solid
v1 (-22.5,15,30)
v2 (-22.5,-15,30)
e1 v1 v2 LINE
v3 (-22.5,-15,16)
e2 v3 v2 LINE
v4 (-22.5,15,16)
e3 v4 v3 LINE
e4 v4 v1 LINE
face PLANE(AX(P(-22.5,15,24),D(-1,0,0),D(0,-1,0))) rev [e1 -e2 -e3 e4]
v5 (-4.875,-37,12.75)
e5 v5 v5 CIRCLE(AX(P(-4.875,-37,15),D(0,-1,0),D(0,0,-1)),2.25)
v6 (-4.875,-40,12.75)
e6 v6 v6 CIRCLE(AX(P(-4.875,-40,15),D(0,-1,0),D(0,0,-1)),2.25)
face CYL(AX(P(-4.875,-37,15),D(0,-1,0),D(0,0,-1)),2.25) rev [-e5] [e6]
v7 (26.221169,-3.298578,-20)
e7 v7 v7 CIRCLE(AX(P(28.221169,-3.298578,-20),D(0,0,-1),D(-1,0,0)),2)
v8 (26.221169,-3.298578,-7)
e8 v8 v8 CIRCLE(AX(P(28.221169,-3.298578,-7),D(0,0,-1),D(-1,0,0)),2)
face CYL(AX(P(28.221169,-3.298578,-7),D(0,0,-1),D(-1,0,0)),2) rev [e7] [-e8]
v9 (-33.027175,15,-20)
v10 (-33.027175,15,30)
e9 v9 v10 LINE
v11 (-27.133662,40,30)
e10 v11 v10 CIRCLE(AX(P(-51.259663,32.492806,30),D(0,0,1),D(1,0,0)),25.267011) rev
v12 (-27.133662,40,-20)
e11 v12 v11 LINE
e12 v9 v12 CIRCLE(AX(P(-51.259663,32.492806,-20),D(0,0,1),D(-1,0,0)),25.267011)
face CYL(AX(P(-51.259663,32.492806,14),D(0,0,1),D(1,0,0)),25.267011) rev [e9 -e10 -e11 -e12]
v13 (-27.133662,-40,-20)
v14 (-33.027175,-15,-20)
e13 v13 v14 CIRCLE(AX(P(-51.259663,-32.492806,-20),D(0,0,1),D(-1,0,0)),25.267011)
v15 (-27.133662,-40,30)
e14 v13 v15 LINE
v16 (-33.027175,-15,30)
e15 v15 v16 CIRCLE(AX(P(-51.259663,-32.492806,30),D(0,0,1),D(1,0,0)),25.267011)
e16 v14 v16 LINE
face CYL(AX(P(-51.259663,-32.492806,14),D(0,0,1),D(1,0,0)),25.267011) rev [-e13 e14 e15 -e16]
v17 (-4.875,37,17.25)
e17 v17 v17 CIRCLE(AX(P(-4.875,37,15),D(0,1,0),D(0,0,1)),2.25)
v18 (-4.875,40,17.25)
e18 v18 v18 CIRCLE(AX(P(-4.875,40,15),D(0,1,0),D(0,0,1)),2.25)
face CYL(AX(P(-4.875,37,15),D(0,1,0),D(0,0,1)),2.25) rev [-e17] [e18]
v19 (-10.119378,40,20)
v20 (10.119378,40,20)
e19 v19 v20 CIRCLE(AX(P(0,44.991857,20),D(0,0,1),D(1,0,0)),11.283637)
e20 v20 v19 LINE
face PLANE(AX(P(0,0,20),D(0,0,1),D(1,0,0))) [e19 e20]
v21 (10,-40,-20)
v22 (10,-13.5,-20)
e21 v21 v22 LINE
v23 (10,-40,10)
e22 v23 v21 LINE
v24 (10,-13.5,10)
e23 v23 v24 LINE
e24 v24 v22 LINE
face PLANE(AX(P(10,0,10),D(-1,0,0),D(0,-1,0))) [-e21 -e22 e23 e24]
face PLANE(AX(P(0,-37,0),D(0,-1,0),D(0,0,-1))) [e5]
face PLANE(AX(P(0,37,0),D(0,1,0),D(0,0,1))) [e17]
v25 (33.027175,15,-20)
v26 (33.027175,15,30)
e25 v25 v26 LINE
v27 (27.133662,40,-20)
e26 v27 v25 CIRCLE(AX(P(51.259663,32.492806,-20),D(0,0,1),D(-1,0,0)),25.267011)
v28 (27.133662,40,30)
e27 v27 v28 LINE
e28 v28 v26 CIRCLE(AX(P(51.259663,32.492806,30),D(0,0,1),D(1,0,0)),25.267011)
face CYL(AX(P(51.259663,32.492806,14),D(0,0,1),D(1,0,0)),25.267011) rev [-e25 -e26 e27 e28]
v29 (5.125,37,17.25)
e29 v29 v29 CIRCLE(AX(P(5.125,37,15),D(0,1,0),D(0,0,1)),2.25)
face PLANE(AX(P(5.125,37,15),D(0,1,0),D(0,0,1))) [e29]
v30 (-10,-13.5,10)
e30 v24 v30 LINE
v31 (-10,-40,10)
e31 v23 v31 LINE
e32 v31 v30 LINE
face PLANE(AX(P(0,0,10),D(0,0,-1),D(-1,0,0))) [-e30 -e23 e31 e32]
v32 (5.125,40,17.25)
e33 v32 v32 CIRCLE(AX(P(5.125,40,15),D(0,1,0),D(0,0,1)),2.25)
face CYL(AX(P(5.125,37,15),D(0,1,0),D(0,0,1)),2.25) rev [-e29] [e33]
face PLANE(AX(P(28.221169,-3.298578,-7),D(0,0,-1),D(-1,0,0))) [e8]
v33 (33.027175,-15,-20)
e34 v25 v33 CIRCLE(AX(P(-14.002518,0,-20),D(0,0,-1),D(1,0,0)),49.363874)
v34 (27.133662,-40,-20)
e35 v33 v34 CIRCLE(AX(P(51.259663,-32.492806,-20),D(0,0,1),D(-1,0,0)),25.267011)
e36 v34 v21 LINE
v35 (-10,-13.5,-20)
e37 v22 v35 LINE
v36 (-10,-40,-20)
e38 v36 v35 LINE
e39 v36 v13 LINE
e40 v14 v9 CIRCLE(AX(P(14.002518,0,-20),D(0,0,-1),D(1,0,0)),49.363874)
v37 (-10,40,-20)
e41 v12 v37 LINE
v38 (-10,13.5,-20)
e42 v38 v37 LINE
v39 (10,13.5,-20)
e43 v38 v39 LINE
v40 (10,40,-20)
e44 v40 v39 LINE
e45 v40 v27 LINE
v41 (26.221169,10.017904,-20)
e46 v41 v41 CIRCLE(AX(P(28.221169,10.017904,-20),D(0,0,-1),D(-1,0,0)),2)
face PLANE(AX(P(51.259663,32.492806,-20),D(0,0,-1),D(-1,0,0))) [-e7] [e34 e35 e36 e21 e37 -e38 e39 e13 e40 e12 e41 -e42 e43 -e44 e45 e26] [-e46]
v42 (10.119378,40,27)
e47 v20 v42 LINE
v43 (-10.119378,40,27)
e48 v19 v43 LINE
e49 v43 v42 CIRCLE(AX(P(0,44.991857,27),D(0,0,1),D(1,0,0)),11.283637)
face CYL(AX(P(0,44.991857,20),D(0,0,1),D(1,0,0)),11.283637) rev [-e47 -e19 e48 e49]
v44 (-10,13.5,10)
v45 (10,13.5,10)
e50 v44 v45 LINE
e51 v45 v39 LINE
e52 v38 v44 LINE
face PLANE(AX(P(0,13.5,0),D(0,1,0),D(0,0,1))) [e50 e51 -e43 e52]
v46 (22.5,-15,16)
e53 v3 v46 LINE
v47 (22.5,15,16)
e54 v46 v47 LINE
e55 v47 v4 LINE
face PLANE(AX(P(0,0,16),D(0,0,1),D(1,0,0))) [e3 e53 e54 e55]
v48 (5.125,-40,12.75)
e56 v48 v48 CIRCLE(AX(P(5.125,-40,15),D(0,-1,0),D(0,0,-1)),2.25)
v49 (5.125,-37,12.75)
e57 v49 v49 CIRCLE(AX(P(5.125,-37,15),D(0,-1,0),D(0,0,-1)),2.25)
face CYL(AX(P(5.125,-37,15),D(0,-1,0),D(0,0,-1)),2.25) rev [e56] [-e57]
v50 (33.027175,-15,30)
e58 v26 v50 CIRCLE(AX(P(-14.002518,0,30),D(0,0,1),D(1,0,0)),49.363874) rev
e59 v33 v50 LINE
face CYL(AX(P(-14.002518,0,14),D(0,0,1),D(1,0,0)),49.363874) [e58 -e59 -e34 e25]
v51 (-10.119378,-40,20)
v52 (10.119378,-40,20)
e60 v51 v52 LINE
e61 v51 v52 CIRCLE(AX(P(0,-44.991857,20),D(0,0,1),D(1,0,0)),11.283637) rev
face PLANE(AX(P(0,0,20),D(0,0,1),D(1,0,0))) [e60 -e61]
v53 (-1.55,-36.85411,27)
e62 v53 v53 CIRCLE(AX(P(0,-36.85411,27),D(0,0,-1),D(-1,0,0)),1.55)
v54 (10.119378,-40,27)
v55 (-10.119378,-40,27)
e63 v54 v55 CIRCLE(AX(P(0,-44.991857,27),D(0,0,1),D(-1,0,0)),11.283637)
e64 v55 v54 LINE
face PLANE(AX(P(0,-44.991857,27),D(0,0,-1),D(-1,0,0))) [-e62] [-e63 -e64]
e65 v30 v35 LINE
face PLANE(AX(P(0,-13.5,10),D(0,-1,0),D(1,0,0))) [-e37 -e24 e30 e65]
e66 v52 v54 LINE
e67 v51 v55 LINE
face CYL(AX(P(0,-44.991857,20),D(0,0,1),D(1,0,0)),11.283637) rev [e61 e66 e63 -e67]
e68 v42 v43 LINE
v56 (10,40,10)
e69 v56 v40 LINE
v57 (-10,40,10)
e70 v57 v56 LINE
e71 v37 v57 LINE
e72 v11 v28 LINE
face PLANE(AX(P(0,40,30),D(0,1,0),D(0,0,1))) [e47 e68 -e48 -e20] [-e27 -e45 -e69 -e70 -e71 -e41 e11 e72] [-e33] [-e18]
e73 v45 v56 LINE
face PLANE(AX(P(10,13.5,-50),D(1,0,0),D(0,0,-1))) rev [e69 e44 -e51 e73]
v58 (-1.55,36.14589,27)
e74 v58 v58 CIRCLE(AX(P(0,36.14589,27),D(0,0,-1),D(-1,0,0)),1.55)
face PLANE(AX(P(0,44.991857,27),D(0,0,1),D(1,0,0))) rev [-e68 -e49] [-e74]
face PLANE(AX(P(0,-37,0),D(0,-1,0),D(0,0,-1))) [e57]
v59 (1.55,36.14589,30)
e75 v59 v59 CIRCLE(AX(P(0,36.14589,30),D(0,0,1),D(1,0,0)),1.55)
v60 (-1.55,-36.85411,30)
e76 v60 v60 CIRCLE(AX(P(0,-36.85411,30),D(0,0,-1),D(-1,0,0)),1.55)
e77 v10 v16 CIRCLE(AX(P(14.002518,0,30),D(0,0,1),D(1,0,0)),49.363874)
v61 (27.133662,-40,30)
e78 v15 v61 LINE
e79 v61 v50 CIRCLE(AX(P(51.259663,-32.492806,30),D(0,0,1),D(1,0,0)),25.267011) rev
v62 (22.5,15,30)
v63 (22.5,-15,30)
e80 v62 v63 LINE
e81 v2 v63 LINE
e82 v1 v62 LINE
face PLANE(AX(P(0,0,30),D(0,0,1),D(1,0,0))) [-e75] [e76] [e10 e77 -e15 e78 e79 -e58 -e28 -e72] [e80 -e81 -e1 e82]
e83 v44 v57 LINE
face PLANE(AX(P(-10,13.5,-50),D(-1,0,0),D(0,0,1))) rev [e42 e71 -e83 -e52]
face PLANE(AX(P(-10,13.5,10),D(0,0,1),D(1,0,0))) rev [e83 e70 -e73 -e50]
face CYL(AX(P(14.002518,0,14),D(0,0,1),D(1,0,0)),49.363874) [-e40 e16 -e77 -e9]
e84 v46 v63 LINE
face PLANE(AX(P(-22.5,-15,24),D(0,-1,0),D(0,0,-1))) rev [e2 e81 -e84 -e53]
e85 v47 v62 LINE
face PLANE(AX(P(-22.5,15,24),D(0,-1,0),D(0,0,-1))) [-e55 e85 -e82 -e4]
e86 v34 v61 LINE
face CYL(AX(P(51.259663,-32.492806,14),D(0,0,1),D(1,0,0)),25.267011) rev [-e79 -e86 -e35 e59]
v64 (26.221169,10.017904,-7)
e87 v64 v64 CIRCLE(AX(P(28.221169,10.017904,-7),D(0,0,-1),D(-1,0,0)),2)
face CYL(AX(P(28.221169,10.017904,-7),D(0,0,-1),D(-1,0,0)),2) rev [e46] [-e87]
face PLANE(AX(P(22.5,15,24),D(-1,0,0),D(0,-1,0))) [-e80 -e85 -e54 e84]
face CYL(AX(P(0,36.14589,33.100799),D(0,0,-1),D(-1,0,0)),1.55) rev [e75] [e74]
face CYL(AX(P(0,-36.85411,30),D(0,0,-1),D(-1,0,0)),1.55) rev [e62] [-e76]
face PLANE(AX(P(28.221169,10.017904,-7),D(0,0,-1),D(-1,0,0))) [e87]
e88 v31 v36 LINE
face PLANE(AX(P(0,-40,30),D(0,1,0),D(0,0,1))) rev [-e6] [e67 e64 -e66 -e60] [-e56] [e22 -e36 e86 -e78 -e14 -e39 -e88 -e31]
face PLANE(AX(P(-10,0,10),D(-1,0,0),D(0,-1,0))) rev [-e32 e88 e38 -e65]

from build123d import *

# Parameters (mm, degrees)
SKETCH_1_W                = 65
SKETCH_1_H                = 25
SKETCH_1_W_2              = 17.5
SKETCH_1_H_2              = 30
EXTRUDE_1_DEPTH           = 30
SKETCH_2_W                = 37.5
SKETCH_2_H                = 30
EXTRUDE_2_DEPTH           = 10
CUT_EXTRUDE_2_DEPTH       = 10
SKETCH_4_W                = 45
SKETCH_4_H                = 30
CUT_EXTRUDE_3_DEPTH       = 6
CUT_EXTRUDE_13_DEPTH      = 16
EXTRUDE_3_DEPTH           = 3
CUT_EXTRUDE_14_DEPTH      = 3
SKETCH_8_R                = 1.55
CUT_EXTRUDE_16_DEPTH      = 6.100799321
CUT_EXTRUDE_17_DEPTH      = 70
EXTRUDE_4_DEPTH           = 20
SKETCH_19_W               = 20
SKETCH_19_H               = 60
CUT_EXTRUDE_25_DEPTH      = 26.5
SKETCH_21_R               = 2.25
CUT_EXTRUDE_27_DEPTH      = 3
SKETCH_22_R               = 2.25
CUT_EXTRUDE_28_DEPTH      = 3
SKETCH_23_W               = 20
SKETCH_23_H               = 26.5
CUT_EXTRUDE_29_DEPTH      = 30
CUT_EXTRUDE_START         = -3
SKETCH_24_R               = 2.25
CUT_EXTRUDE_30_DEPTH      = 3
SKETCH_25_R               = 2
EXTRUDE_5_DEPTH           = 6
SKETCH_26_W               = 45
SKETCH_26_H               = 30
CUT_EXTRUDE_31_DEPTH      = 8
CUT_EXTRUDE_33_DEPTH      = 13
CUT_EXTRUDE_33_DEPTH_BACK = 13
SKETCH_27_R               = 2


with BuildPart() as part:
    # 草图1 → 凸台-拉伸1 (new body)
    with BuildSketch(Plane.XY):
        with Locations((0, 27.5)):
            Rectangle(SKETCH_1_W, SKETCH_1_H)
        with BuildLine():
            ThreePointArc((-41.25, 40), (-40.44733047, 25.687815665), (-50, 15))
            Line((-50, 15), (-32.5, 15))
            Line((-32.5, 15), (-32.5, 40))
            Line((-32.5, 40), (-41.25, 40))
        make_face()
        with BuildLine():
            Line((32.5, 40), (32.5, 15))
            Line((32.5, 15), (50, 15))
            ThreePointArc((50, 15), (40.44733047, 25.687815665), (41.25, 40))
            Line((41.25, 40), (32.5, 40))
        make_face()
        with Locations((41.25, 0)):
            Rectangle(SKETCH_1_W_2, SKETCH_1_H_2)
        Rectangle(SKETCH_1_W, SKETCH_1_H_2)
        with Locations((-41.25, 0)):
            Rectangle(SKETCH_1_W_2, SKETCH_1_H_2)
        with BuildLine():
            ThreePointArc((-50, -15), (-40.44733047, -25.687815665), (-41.25, -40))
            Line((-41.25, -40), (-32.5, -40))
            Line((-32.5, -40), (-32.5, -15))
            Line((-32.5, -15), (-50, -15))
        make_face()
        with Locations((0, -27.5)):
            Rectangle(SKETCH_1_W, SKETCH_1_H)
        with BuildLine():
            Line((32.5, -15), (32.5, -40))
            Line((32.5, -40), (41.25, -40))
            ThreePointArc((41.25, -40), (40.44733047, -25.687815665), (50, -15))
            Line((50, -15), (32.5, -15))
        make_face()
    extrude(amount=EXTRUDE_1_DEPTH)

    # 草图2 → 凸台-拉伸2 (add)
    with BuildSketch(Plane.XY.offset(30)):
        with Locations((68.75, 0)):
            Rectangle(SKETCH_2_W, SKETCH_2_H)
        with BuildLine():
            ThreePointArc((31.362634986, 83.717731106), (24.230066028, 60.16346689), (10.119378388, 40))
            Line((10.119378388, 40), (41.25, 40))
            Line((41.25, 40), (56.546841385, 71.480257998))
            Line((56.546841385, 71.480257998), (31.362634986, 83.717731106))
        make_face()
        with BuildLine():
            Line((-56.546841385, 71.480257998), (-41.25, 40))
            Line((-41.25, 40), (-10.119378388, 40))
            ThreePointArc((-10.119378388, 40), (-24.230066028, 60.16346689), (-31.362634986, 83.717731106))
            Line((-31.362634986, 83.717731106), (-56.546841385, 71.480257998))
        make_face()
        with Locations((-68.75, 0)):
            Rectangle(SKETCH_2_W, SKETCH_2_H)
        with BuildLine():
            ThreePointArc((-31.362634986, -83.717731106), (-24.230066028, -60.16346689), (-10.119378388, -40))
            Line((-10.119378388, -40), (-41.25, -40))
            Line((-41.25, -40), (-56.546841385, -71.480257998))
            Line((-56.546841385, -71.480257998), (-31.362634986, -83.717731106))
        make_face()
        with BuildLine():
            Line((41.25, -40), (10.119378388, -40))
            ThreePointArc((10.119378388, -40), (24.230066028, -60.16346689), (31.362634986, -83.717731106))
            Line((31.362634986, -83.717731106), (56.546841385, -71.480257998))
            Line((56.546841385, -71.480257998), (41.25, -40))
        make_face()
    extrude(amount=-EXTRUDE_2_DEPTH)

    # 草图3 → 切除-拉伸2 (cut)
    with BuildSketch(Plane.XY.offset(30)):
        with BuildLine():
            ThreePointArc((-30.119378388, 40), (-30.215276688, 27.042312386), (-35, 15))
            Line((-35, 15), (-50, 15))
            ThreePointArc((-50, 15), (-40.44733047, 25.687815665), (-41.25, 40))
            Line((-41.25, 40), (-56.546841385, 71.480257998))
            Line((-56.546841385, 71.480257998), (-31.362634986, 83.717731106))
            ThreePointArc((-31.362634986, 83.717731106), (-24.230066028, 60.16346689), (-10.119378388, 40))
            Line((-10.119378388, 40), (-30.119378388, 40))
        make_face()
        with BuildLine():
            Line((10.119378388, 40), (30.119378388, 40))
            ThreePointArc((30.119378388, 40), (30.215276688, 27.042312386), (35, 15))
            Line((35, 15), (50, 15))
            ThreePointArc((50, 15), (40.44733047, 25.687815665), (41.25, 40))
            Line((41.25, 40), (56.546841385, 71.480257998))
            Line((56.546841385, 71.480257998), (31.362634986, 83.717731106))
            ThreePointArc((31.362634986, 83.717731106), (24.230066028, 60.16346689), (10.119378388, 40))
        make_face()
        with BuildLine():
            Line((50, 15), (35, 15))
            ThreePointArc((35, 15), (38.436125858, 0), (35, -15))
            ThreePointArc((35, -15), (30.215276688, -27.042312386), (30.119378388, -40))
            Line((30.119378388, -40), (10.119378388, -40))
            ThreePointArc((10.119378388, -40), (24.230066028, -60.16346689), (31.362634986, -83.717731106))
            Line((31.362634986, -83.717731106), (56.546841385, -71.480257998))
            Line((56.546841385, -71.480257998), (41.25, -40))
            ThreePointArc((41.25, -40), (40.44733047, -25.687815665), (50, -15))
            Line((50, -15), (87.5, -15))
            Line((87.5, -15), (87.5, 15))
            Line((87.5, 15), (50, 15))
        make_face()
        with BuildLine():
            ThreePointArc((-35, 15), (-38.436125858, 0), (-35, -15))
            ThreePointArc((-35, -15), (-30.215276688, -27.042312386), (-30.119378388, -40))
            Line((-30.119378388, -40), (-10.119378388, -40))
            ThreePointArc((-10.119378388, -40), (-24.230066028, -60.16346689), (-31.362634986, -83.717731106))
            Line((-31.362634986, -83.717731106), (-56.546841385, -71.480257998))
            Line((-56.546841385, -71.480257998), (-41.25, -40))
            ThreePointArc((-41.25, -40), (-40.44733047, -25.687815665), (-50, -15))
            Line((-50, -15), (-87.5, -15))
            Line((-87.5, -15), (-87.5, 15))
            Line((-87.5, 15), (-50, 15))
            Line((-50, 15), (-35, 15))
        make_face()
        with BuildLine():
            ThreePointArc((-10.119378388, 40), (0, 33.708220629), (10.119378388, 40))
            Line((10.119378388, 40), (-10.119378388, 40))
        make_face()
        with BuildLine():
            ThreePointArc((-10.119378388, -40), (0, -33.708220629), (10.119378388, -40))
            Line((10.119378388, -40), (-10.119378388, -40))
        make_face()
    extrude(amount=-CUT_EXTRUDE_2_DEPTH, mode=Mode.SUBTRACT)

    # 草图4 → 切除-拉伸3 (cut)
    with BuildSketch(Plane.XY.offset(30)):
        Rectangle(SKETCH_4_W, SKETCH_4_H)
    extrude(amount=-CUT_EXTRUDE_3_DEPTH, mode=Mode.SUBTRACT)

    # 草图5 → 切除-拉伸13 (cut)
    with BuildSketch(Plane.XY.offset(30)):
        with BuildLine():
            ThreePointArc((-30.119378388, 40), (-30.215276688, 27.042312386), (-35, 15))
            ThreePointArc((-35, 15), (-38.436125858, 0), (-35, -15))
            ThreePointArc((-35, -15), (-30.215276688, -27.042312386), (-30.119378388, -40))
            Line((-30.119378388, -40), (-27.133662439, -40))
            ThreePointArc((-27.133662439, -40), (-26.666769997, -26.695264692), (-33.027175168, -15))
            ThreePointArc((-33.027175168, -15), (-35.361355844, 0), (-33.027175168, 15))
            ThreePointArc((-33.027175168, 15), (-26.666769997, 26.695264692), (-27.133662439, 40))
            Line((-27.133662439, 40), (-30.119378388, 40))
        make_face()
        with BuildLine():
            Line((30.119378388, 40), (27.133662439, 40))
            ThreePointArc((27.133662439, 40), (26.666769997, 26.695264692), (33.027175168, 15))
            ThreePointArc((33.027175168, 15), (35.361355844, 0), (33.027175168, -15))
            ThreePointArc((33.027175168, -15), (26.666769997, -26.695264692), (27.133662439, -40))
            Line((27.133662439, -40), (30.119378388, -40))
            ThreePointArc((30.119378388, -40), (30.215276688, -27.042312386), (35, -15))
            ThreePointArc((35, -15), (38.436125858, 0), (35, 15))
            ThreePointArc((35, 15), (30.215276688, 27.042312386), (30.119378388, 40))
        make_face()
    extrude(amount=-CUT_EXTRUDE_13_DEPTH, mode=Mode.SUBTRACT)

    # 草图6 → 凸台-拉伸3 (add)
    with BuildSketch(Plane.XY.offset(30)):
        with BuildLine():
            Line((-10.119378388, 40), (10.119378388, 40))
            ThreePointArc((10.119378388, 40), (0, 33.708220629), (-10.119378388, 40))
        make_face()
        with BuildLine():
            Line((-10.119378388, -40), (10.119378388, -40))
            ThreePointArc((10.119378388, -40), (0, -33.708220629), (-10.119378388, -40))
        make_face()
    extrude(amount=-EXTRUDE_3_DEPTH)

    # 草图7 → 切除-拉伸14 (cut)
    with BuildSketch(Plane(origin=(0, 0, 27), x_dir=(-1, 0, 0), z_dir=(0, 0, -1))):
        with BuildLine():
            ThreePointArc((0, -35.304110315), (-1.55, -36.854110315), (0, -38.404110315))
            Line((0, -38.404110315), (0, -36.854110315))
            Line((0, -36.854110315), (0, -35.304110315))
        make_face()
        with BuildLine():
            Line((0, -36.854110315), (0, -38.404110315))
            ThreePointArc((0, -38.404110315), (1.096015511, -37.950125825), (1.55, -36.854110315))
            ThreePointArc((1.55, -36.854110315), (1.096015511, -35.758094804), (0, -35.304110315))
            Line((0, -35.304110315), (0, -36.854110315))
        make_face()
    extrude(amount=-CUT_EXTRUDE_14_DEPTH, mode=Mode.SUBTRACT)

    # 草图8 → 切除-拉伸16 (cut)
    with BuildSketch(Plane(origin=(0, 0, 27), x_dir=(-1, 0, 0), z_dir=(0, 0, -1))):
        with Locations((0, 36.145889685)):
            Circle(SKETCH_8_R)
    extrude(amount=-CUT_EXTRUDE_16_DEPTH, mode=Mode.SUBTRACT)

    # 草图10 → 切除-拉伸17 (cut)
    with BuildSketch(Plane.XY.offset(30)):
        Polygon((-155.646447014, 80.863193175), (70.83129327, 55.935441896), (148.654516777, 0), (148.654516777, -24.319757346), (1.823981801, -88.159120379), (-119.470807962, -24.319757346), align=None)
        with BuildLine():
            Line((-27.133662439, 40), (27.133662439, 40))
            ThreePointArc((27.133662439, 40), (26.666769997, 26.695264692), (33.027175168, 15))
            ThreePointArc((33.027175168, 15), (35.361355844, 0), (33.027175168, -15))
            ThreePointArc((33.027175168, -15), (26.666769997, -26.695264692), (27.133662439, -40))
            Line((27.133662439, -40), (-27.133662439, -40))
            ThreePointArc((-27.133662439, -40), (-26.666769997, -26.695264692), (-33.027175168, -15))
            ThreePointArc((-33.027175168, -15), (-35.361355844, 0), (-33.027175168, 15))
            ThreePointArc((-33.027175168, 15), (-26.666769997, 26.695264692), (-27.133662439, 40))
        make_face(mode=Mode.SUBTRACT)
    extrude(amount=-CUT_EXTRUDE_17_DEPTH, mode=Mode.SUBTRACT)

    # 草图11 → 凸台-拉伸4 (add)
    with BuildSketch(Plane(origin=(0, 0, 0), x_dir=(-1, 0, 0), z_dir=(0, 0, -1))):
        with BuildLine():
            Line((-27.133662439, 40), (27.133662439, 40))
            ThreePointArc((27.133662439, 40), (26.666769997, 26.695264692), (33.027175168, 15))
            ThreePointArc((33.027175168, 15), (35.361355844, 0), (33.027175168, -15))
            ThreePointArc((33.027175168, -15), (26.666769997, -26.695264692), (27.133662439, -40))
            Line((27.133662439, -40), (-27.133662439, -40))
            ThreePointArc((-27.133662439, -40), (-26.666769997, -26.695264692), (-33.027175168, -15))
            ThreePointArc((-33.027175168, -15), (-35.361355844, 0), (-33.027175168, 15))
            ThreePointArc((-33.027175168, 15), (-26.666769997, 26.695264692), (-27.133662439, 40))
        make_face()
    extrude(amount=EXTRUDE_4_DEPTH)

    # 草图19 → 切除-拉伸25 (cut)
    with BuildSketch(Plane(origin=(0, 40, 0), x_dir=(1, 0, 0), z_dir=(0, 1, 0))):
        with Locations((0, 20)):
            Rectangle(SKETCH_19_W, SKETCH_19_H)
    extrude(amount=-CUT_EXTRUDE_25_DEPTH, mode=Mode.SUBTRACT)

    # 草图21 → 切除-拉伸27 (cut)
    with BuildSketch(Plane(origin=(0, 40, 0), x_dir=(1, 0, 0), z_dir=(0, 1, 0))):
        with Locations(Location((-4.875, -15, 0), (0, 0, 270))):
            Circle(SKETCH_21_R)
    extrude(amount=-CUT_EXTRUDE_27_DEPTH, mode=Mode.SUBTRACT)

    # 草图22 → 切除-拉伸28 (cut)
    with BuildSketch(Plane(origin=(0, 40, 0), x_dir=(1, 0, 0), z_dir=(0, 1, 0))):
        with Locations(Location((5.125, -15, 0), (0, 0, 270))):
            Circle(SKETCH_22_R)
    extrude(amount=-CUT_EXTRUDE_28_DEPTH, mode=Mode.SUBTRACT)

    # 草图23 → 切除-拉伸29 (cut)
    with BuildSketch(Plane(origin=(0, 0, -20), x_dir=(-1, 0, 0), z_dir=(0, 0, -1))):
        with Locations((0, -26.75)):
            Rectangle(SKETCH_23_W, SKETCH_23_H)
        with Locations((0, 26.75)):
            Rectangle(SKETCH_23_W, SKETCH_23_H)
    extrude(amount=-CUT_EXTRUDE_29_DEPTH, mode=Mode.SUBTRACT)

    # 草图24 → 切除-拉伸30 (cut)
    with BuildSketch(Plane.XZ.offset(40).offset(CUT_EXTRUDE_START)):
        with Locations(Location((-4.875, 15, 0), (0, 0, 90))):
            Circle(SKETCH_24_R)
        with Locations(Location((5.125, 15, 0), (0, 0, 90))):
            Circle(SKETCH_24_R)
    extrude(amount=CUT_EXTRUDE_30_DEPTH, mode=Mode.SUBTRACT)

    # 草图25 → 凸台-拉伸5 (add)
    with BuildSketch(Plane(origin=(0, 0, -20), x_dir=(-1, 0, 0), z_dir=(0, 0, -1))):
        with Locations((-28.221169036, 10.01790416)):
            Circle(SKETCH_25_R)
        with Locations((-28.221169036, -3.298578199)):
            Circle(SKETCH_25_R)
    extrude(amount=EXTRUDE_5_DEPTH)

    # 草图26 → 切除-拉伸31 (cut)
    with BuildSketch(Plane.XY.offset(24)):
        Rectangle(SKETCH_26_W, SKETCH_26_H)
    extrude(amount=-CUT_EXTRUDE_31_DEPTH, mode=Mode.SUBTRACT)

    # 草图27 → 切除-拉伸33 (cut, two sides: drawn at the far end of the back side and taken through both)
    with BuildSketch(Plane(origin=(0, 0, -20), x_dir=(-1, 0, 0), z_dir=(0, 0, -1)).offset(-CUT_EXTRUDE_33_DEPTH_BACK)):
        with Locations((-28.221169036, -3.298578199)):
            Circle(SKETCH_27_R)
        with Locations((-28.221169036, 10.01790416)):
            Circle(SKETCH_27_R)
    extrude(amount=CUT_EXTRUDE_33_DEPTH + CUT_EXTRUDE_33_DEPTH_BACK, mode=Mode.SUBTRACT)


solid = part.part
